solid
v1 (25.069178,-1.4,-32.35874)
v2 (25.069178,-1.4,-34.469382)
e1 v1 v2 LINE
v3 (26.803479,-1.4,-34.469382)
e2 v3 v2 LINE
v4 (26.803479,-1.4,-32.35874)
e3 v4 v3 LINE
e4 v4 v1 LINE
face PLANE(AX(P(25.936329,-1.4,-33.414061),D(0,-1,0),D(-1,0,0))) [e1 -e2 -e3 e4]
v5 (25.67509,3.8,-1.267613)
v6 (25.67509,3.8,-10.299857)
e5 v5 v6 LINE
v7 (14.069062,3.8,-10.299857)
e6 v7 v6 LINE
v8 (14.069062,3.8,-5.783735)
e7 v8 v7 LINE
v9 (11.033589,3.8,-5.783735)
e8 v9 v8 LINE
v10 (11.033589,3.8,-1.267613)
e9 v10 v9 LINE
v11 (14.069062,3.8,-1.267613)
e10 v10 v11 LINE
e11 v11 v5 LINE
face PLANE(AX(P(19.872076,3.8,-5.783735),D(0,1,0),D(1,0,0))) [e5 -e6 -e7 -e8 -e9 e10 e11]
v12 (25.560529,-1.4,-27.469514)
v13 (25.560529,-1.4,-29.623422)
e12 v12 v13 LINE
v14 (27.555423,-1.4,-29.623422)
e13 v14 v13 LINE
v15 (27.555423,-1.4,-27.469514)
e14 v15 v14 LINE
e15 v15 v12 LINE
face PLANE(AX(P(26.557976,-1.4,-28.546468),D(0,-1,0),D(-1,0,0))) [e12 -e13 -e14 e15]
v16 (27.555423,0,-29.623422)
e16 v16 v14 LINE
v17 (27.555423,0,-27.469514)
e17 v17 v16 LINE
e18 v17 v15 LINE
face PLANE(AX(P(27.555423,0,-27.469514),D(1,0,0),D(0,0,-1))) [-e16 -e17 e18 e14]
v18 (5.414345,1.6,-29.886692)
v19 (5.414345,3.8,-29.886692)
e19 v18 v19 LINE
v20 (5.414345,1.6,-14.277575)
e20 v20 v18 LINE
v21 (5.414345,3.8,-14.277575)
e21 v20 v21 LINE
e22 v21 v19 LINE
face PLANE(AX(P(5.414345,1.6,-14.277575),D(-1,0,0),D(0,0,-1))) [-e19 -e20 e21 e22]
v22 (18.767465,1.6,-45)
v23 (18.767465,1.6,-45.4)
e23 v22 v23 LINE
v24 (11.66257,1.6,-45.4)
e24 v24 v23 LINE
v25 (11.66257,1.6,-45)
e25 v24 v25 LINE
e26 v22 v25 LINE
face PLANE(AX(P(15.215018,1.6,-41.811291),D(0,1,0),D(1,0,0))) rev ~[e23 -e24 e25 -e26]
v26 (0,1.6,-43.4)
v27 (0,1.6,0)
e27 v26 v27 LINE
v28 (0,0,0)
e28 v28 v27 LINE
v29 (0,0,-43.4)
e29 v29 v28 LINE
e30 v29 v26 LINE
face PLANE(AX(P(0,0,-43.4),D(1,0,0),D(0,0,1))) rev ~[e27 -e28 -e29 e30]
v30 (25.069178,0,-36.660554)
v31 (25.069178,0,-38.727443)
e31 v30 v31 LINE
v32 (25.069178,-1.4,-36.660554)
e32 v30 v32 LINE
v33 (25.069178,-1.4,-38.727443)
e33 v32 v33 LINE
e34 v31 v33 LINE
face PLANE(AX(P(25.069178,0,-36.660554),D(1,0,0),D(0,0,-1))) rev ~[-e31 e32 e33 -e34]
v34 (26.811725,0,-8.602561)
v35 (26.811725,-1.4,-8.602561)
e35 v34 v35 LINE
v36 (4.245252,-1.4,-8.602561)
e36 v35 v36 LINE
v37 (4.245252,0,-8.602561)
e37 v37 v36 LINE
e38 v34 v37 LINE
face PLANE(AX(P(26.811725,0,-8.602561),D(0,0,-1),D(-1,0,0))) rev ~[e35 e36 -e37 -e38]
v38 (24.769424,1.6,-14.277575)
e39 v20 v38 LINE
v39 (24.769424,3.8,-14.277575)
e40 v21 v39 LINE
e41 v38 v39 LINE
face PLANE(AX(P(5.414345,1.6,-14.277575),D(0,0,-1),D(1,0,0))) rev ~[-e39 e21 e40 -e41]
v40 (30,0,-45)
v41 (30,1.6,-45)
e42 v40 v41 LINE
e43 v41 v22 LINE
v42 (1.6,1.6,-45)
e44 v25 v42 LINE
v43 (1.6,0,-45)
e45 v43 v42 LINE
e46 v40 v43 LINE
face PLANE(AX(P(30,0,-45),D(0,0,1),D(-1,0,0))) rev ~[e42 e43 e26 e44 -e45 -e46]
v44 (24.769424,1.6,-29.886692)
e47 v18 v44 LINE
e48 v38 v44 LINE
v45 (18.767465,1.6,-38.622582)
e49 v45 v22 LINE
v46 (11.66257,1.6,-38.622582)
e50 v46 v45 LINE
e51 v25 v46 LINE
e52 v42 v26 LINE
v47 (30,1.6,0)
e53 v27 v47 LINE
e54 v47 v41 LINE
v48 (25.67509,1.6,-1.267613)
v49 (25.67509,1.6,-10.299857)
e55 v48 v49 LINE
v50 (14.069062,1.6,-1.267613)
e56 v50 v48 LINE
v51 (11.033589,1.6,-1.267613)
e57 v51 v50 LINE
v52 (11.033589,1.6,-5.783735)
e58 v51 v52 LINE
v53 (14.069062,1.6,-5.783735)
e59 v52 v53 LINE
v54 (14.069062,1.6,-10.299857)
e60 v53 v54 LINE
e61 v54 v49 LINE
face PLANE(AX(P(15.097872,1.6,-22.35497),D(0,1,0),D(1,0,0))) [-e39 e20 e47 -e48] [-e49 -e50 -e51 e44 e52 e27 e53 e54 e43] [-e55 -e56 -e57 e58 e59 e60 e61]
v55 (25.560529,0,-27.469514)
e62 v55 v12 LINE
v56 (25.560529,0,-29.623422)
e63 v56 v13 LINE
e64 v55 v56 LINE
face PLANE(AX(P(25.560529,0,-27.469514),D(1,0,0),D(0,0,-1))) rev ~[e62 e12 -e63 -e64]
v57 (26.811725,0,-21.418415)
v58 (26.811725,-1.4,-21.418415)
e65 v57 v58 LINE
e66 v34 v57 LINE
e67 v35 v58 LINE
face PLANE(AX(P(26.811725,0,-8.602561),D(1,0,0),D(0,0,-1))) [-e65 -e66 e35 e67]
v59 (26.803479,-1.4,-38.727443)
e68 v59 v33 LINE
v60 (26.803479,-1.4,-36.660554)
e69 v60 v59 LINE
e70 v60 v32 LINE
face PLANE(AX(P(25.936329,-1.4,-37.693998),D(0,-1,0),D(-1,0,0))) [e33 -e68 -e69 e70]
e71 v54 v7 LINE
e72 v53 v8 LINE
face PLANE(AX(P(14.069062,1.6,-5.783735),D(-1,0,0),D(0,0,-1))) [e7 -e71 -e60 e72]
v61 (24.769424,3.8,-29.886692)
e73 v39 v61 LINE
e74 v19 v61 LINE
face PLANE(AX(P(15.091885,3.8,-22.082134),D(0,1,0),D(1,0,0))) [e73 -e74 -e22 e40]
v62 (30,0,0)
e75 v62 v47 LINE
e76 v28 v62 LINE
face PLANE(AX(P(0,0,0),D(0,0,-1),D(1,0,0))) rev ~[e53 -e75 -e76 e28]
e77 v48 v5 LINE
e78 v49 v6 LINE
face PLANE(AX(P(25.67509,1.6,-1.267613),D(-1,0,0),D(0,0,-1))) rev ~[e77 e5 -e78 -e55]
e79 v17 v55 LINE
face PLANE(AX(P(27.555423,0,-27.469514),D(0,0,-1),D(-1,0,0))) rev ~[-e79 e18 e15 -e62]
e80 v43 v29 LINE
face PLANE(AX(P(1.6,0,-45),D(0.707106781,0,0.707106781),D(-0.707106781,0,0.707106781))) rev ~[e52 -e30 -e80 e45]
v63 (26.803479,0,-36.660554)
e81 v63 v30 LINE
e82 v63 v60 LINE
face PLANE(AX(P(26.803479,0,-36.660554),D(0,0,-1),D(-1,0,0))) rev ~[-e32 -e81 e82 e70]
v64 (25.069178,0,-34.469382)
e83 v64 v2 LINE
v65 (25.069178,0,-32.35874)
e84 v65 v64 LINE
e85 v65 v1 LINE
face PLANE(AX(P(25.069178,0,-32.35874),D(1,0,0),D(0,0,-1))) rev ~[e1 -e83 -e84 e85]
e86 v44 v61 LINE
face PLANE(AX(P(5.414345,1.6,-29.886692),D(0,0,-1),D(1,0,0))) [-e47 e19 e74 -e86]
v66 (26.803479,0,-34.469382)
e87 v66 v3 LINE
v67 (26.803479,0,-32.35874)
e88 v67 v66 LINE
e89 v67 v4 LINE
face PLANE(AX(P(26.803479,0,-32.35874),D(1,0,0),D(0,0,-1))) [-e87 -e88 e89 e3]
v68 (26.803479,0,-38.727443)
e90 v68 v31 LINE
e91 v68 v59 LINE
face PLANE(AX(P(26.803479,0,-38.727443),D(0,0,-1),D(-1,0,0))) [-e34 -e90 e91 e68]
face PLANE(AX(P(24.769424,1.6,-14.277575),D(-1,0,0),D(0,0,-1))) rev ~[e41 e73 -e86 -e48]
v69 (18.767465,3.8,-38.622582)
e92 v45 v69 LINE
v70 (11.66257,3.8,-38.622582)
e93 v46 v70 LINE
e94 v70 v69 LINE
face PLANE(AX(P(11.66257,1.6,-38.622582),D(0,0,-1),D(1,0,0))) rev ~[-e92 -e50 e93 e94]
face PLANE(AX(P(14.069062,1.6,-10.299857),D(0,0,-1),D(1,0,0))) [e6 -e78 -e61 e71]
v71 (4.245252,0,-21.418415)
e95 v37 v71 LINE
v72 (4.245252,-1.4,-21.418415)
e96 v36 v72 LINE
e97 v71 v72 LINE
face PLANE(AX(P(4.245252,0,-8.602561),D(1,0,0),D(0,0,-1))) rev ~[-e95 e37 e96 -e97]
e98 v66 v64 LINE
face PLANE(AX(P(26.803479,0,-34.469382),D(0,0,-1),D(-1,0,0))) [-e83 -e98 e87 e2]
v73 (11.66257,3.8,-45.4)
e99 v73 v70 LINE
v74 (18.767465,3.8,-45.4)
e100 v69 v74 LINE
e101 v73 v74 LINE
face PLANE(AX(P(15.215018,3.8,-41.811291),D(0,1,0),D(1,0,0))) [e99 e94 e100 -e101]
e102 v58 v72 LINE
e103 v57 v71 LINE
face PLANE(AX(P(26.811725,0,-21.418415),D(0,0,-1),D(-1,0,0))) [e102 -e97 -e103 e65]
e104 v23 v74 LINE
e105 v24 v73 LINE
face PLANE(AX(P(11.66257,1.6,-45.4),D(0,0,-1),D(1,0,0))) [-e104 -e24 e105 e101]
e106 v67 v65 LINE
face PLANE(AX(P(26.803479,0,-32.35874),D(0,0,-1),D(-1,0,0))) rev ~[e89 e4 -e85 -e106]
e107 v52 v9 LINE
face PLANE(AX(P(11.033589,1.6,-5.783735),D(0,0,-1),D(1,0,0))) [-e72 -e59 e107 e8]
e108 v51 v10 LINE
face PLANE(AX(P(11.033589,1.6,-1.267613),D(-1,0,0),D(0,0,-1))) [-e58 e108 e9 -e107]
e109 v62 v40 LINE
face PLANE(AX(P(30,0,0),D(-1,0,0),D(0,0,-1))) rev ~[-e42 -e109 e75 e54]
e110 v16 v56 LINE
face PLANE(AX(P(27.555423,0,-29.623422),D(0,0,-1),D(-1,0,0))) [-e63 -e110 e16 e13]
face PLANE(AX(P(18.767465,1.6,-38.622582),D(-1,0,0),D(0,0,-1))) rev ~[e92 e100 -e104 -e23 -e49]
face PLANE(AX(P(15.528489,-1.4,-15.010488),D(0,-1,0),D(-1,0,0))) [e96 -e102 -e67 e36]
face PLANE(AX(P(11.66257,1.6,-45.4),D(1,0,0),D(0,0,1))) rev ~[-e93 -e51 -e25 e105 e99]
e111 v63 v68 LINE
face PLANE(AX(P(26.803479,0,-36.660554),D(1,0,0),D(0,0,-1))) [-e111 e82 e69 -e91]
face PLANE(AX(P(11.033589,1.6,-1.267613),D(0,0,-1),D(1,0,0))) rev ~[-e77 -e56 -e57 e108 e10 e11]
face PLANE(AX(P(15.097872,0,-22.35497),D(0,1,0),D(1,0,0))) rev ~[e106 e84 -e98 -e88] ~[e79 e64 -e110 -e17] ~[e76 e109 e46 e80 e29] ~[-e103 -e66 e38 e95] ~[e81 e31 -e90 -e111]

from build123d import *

# Parameters (mm, degrees)
BOSS_EXTRUDE1_DEPTH = 1.6
SKETCH3_W           = 19.355079094
SKETCH3_H           = 15.609116434
BOSS_EXTRUDE2_DEPTH = 2.2
SKETCH4_W           = 7.104895368
SKETCH4_H           = 6.377418
SKETCH4_H_2         = 0.4
BOSS_EXTRUDE4_DEPTH = 2.2
SKETCH5_W           = 22.566472962
SKETCH5_H           = 12.815854083
BOSS_EXTRUDE5_DEPTH = 1.4
SKETCH6_W           = 1.734301273
SKETCH6_H           = 2.066889472
SKETCH6_H_2         = 2.110641646
SKETCH6_W_2         = 1.994894676
SKETCH6_H_3         = 2.153908206
BOSS_EXTRUDE6_DEPTH = 1.4
SKETCH7_W           = 11.606028653
SKETCH7_H           = 9.032244077
SKETCH7_W_2         = 3.035472579
SKETCH7_H_2         = 4.516122038
BOSS_EXTRUDE7_DEPTH = 2.2


with BuildPart() as part:
    # Sketch2 → Boss-Extrude1 (new body)
    with BuildSketch(Plane(origin=(0, 0, 0), x_dir=(1, 0, 0), z_dir=(0, 1, 0))):
        Polygon((1.6, 45), (0, 43.4), (0, 0), (30, 0), (30, 45), align=None)
    extrude(amount=BOSS_EXTRUDE1_DEPTH)

    # Sketch3 → Boss-Extrude2 (add)
    with BuildSketch(Plane(origin=(0, 1.6, 0), x_dir=(1, 0, 0), z_dir=(0, 1, 0))):
        with Locations((15.091884819, 22.082133677)):
            Rectangle(SKETCH3_W, SKETCH3_H)
    extrude(amount=BOSS_EXTRUDE2_DEPTH)

    # Sketch4 → Boss-Extrude4 (add)
    with BuildSketch(Plane(origin=(0, 1.6, 0), x_dir=(1, 0, 0), z_dir=(0, 1, 0))):
        with Locations((15.215017688, 41.811291)):
            Rectangle(SKETCH4_W, SKETCH4_H)
        with Locations((15.215017688, 45.2)):
            Rectangle(SKETCH4_W, SKETCH4_H_2)
    extrude(amount=BOSS_EXTRUDE4_DEPTH)

    # Sketch5 → Boss-Extrude5 (add)
    with BuildSketch(Plane(origin=(0, 0, 0), x_dir=(-1, 0, 0), z_dir=(0, -1, 0))):
        with Locations((-15.528488828, 15.010487551)):
            Rectangle(SKETCH5_W, SKETCH5_H)
    extrude(amount=BOSS_EXTRUDE5_DEPTH)

    # Sketch6 → Boss-Extrude6 (add)
    with BuildSketch(Plane(origin=(0, 0, 0), x_dir=(-1, 0, 0), z_dir=(0, -1, 0))):
        with Locations((-25.936328658, 37.693998436)):
            Rectangle(SKETCH6_W, SKETCH6_H)
        with Locations((-25.936328658, 33.41406102)):
            Rectangle(SKETCH6_W, SKETCH6_H_2)
        with Locations((-26.557976159, 28.546467775)):
            Rectangle(SKETCH6_W_2, SKETCH6_H_3)
    extrude(amount=BOSS_EXTRUDE6_DEPTH)

    # Sketch7 → Boss-Extrude7 (add)
    with BuildSketch(Plane(origin=(0, 1.6, 0), x_dir=(1, 0, 0), z_dir=(0, 1, 0))):
        with Locations((19.872075949, 5.78373458)):
            Rectangle(SKETCH7_W, SKETCH7_H)
        with Locations((12.551325333, 3.52567356)):
            Rectangle(SKETCH7_W_2, SKETCH7_H_2)
    extrude(amount=BOSS_EXTRUDE7_DEPTH)


solid = part.part
